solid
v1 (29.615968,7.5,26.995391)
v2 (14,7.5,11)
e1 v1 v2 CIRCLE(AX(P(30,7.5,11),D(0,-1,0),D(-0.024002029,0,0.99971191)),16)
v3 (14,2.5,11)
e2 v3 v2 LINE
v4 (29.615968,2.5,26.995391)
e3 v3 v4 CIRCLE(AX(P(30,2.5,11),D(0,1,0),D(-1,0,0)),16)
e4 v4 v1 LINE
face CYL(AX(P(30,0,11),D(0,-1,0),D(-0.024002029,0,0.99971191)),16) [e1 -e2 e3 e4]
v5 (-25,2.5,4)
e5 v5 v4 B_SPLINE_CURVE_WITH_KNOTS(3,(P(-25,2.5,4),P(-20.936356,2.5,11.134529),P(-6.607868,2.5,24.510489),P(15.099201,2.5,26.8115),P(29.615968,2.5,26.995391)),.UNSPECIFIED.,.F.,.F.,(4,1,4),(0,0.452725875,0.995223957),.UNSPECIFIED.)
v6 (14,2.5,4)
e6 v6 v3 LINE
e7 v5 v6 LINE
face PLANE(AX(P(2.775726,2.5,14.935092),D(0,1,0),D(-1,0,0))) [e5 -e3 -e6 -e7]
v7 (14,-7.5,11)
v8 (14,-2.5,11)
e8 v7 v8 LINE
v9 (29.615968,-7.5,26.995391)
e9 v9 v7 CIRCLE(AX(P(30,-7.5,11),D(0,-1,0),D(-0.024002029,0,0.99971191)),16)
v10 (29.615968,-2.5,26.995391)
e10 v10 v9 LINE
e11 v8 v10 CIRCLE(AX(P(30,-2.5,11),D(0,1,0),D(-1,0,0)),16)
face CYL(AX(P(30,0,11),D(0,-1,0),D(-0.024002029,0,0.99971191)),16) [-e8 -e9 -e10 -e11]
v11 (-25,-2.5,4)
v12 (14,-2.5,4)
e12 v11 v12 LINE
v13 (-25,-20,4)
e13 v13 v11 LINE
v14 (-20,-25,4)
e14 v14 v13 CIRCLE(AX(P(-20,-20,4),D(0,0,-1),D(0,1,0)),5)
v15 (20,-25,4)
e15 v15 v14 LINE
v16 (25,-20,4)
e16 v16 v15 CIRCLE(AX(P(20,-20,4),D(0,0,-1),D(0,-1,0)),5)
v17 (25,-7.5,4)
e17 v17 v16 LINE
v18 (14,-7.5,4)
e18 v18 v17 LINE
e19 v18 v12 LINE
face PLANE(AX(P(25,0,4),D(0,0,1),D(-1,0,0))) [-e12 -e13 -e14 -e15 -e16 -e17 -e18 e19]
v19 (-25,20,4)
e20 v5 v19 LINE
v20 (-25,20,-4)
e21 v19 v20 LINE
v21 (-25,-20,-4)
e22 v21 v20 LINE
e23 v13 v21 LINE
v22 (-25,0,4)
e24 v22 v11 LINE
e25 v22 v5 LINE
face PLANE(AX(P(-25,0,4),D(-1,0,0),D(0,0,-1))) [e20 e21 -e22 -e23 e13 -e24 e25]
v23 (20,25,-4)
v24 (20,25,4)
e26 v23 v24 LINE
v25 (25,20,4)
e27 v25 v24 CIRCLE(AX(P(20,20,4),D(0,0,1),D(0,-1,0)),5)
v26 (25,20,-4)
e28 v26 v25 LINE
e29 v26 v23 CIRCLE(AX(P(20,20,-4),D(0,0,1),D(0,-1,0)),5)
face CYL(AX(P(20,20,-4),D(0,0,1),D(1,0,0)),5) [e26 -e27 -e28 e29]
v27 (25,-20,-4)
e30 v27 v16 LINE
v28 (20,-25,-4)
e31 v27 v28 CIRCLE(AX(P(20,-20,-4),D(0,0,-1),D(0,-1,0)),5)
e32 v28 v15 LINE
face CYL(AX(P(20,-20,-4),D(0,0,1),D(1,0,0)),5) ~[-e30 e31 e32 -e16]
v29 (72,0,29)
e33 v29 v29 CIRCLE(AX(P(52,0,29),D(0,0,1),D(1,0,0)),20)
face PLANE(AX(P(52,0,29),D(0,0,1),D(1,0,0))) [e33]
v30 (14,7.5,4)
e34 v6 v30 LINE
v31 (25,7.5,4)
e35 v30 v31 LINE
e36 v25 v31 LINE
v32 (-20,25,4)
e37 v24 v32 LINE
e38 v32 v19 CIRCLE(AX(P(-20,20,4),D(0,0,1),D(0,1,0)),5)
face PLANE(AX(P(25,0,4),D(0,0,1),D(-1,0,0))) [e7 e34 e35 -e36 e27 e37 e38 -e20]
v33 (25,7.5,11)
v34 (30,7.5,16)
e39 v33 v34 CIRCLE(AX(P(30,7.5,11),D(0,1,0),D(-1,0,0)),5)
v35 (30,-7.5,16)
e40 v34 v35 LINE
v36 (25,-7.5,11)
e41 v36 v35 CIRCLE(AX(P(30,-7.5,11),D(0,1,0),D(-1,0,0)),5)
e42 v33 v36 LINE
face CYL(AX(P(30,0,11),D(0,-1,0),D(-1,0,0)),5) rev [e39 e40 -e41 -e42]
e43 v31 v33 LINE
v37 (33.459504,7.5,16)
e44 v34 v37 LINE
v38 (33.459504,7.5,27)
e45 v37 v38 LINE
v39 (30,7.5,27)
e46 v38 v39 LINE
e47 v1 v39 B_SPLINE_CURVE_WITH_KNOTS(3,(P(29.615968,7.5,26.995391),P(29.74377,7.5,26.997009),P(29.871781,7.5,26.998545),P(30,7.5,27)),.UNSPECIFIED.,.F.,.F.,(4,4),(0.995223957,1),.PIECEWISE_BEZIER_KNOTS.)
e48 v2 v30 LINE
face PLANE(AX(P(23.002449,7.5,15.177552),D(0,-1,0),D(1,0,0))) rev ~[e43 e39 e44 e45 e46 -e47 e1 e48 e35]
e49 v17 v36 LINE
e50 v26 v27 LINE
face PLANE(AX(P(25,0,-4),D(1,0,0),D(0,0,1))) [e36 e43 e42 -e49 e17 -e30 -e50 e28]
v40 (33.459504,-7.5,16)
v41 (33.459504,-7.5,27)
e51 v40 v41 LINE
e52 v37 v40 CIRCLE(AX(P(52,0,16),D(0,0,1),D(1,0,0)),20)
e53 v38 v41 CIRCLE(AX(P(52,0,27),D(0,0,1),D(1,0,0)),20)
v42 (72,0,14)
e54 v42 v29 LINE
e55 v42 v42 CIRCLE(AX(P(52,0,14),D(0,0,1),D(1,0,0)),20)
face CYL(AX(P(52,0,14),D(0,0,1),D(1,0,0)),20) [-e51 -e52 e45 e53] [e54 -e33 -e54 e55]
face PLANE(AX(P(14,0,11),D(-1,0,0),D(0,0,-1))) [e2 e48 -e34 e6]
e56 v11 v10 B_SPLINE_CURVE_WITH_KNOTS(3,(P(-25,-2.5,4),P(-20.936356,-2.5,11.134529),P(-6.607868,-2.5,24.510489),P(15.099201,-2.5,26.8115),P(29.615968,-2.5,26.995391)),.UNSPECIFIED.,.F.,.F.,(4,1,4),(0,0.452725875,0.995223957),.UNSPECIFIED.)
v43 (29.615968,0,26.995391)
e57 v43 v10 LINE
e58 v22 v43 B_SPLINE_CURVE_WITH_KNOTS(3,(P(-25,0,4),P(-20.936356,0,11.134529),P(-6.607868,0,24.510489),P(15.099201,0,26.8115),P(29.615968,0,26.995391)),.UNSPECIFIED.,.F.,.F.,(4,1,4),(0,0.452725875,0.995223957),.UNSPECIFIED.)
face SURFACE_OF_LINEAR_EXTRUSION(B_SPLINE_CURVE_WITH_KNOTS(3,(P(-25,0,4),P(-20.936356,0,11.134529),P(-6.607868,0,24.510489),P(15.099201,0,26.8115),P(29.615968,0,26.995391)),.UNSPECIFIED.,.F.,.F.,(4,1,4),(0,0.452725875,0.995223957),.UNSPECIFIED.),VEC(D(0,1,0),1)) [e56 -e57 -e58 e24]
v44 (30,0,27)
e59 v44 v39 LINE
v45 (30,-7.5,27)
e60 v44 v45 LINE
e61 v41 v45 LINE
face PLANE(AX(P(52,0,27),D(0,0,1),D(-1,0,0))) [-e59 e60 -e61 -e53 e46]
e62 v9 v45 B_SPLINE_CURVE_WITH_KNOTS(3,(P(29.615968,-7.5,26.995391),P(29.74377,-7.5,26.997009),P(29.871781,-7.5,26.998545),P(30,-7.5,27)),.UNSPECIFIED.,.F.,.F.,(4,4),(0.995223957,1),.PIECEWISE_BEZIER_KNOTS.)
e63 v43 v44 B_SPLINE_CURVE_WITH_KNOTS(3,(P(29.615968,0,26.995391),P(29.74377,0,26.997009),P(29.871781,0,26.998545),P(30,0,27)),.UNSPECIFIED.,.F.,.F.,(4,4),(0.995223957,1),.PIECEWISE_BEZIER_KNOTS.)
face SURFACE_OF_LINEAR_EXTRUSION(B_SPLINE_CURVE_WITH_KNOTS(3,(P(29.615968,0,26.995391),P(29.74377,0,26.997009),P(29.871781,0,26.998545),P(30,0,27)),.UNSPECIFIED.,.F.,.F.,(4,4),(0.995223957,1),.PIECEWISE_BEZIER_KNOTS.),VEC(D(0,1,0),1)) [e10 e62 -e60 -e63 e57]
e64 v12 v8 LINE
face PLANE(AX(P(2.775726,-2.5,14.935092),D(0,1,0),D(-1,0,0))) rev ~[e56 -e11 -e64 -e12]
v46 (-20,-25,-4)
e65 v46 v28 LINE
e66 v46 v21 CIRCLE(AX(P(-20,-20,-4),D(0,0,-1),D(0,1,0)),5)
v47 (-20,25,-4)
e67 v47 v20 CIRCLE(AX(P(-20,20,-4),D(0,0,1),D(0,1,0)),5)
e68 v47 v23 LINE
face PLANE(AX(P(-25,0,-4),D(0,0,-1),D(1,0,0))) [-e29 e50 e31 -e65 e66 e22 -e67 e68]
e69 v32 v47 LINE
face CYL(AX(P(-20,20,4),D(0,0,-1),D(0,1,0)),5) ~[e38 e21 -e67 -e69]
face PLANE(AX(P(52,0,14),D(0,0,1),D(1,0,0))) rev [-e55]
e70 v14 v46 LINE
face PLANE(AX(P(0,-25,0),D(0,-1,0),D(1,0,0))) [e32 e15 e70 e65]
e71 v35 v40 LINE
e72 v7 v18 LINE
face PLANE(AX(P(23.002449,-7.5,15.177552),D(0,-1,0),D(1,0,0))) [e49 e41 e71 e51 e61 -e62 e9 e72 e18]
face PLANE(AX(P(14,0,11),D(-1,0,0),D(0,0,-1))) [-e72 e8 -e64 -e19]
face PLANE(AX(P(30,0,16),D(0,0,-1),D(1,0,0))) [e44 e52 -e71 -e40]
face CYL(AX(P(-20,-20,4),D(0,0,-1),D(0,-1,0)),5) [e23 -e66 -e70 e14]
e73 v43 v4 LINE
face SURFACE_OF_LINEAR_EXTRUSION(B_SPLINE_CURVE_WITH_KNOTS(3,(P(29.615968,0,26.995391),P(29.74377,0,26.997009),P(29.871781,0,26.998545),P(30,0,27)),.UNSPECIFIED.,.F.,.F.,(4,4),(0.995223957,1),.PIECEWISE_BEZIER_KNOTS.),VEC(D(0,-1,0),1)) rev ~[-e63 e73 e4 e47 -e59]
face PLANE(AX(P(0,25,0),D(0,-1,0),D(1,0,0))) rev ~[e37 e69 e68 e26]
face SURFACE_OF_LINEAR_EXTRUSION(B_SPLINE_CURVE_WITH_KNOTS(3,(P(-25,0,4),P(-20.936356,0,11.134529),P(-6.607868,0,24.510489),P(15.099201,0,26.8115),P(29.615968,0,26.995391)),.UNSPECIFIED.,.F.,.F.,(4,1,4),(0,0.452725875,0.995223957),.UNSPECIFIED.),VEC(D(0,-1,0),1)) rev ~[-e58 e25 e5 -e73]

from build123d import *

# Parameters (mm, degrees)
F1_DEPTH = 25
F0_W     = 20
F0_H     = 11
F2_DEPTH = 7.5
F3_DEPTH = 2.5
F5_R     = 5


with BuildPart() as f1:
    # F0 (on Front) → F1 (new body, symmetric)
    with BuildSketch(Plane.XZ):
        Polygon((-25, -4), (25, -4), (25, 4), (14, 4), (-25, 4), align=None)
    extrude(amount=F1_DEPTH, both=True)

    # F0 (on Front) → F2 (join, symmetric)
    with BuildSketch(Plane.XZ):
        with BuildLine():
            Line((14, 4), (25, 4))
            Line((25, 4), (25, 11))
            ThreePointArc((25, 11), (26.4644660941, 14.5355339059), (30, 16))
            Line((30, 16), (32, 16))
            Line((32, 16), (32, 27))
            Line((32, 27), (30, 27))
            add(Edge.make_bspline(
                [(29.6159675373, 26.9953905569), (29.7437702017, 26.9970094957), (29.8717809107, 26.9985454717), (30, 27)],
                knots=[0.995223957, 0.995223957, 0.995223957, 0.995223957, 1, 1, 1, 1], degree=3))
            ThreePointArc((29.6159675373, 26.9953905569), (18.5513206132, 22.1771078682), (14, 11))
            Line((14, 11), (14, 4))
        make_face()
        with Locations((42, 21.5)):
            Rectangle(F0_W, F0_H)
    extrude(amount=F2_DEPTH, both=True)

    # F0 (on Front) → F3 (join, symmetric)
    with BuildSketch(Plane.XZ):
        with BuildLine():
            add(Edge.make_bspline(
                [(-25, 4), (-20.9363555228, 11.1345288275), (-6.6078681518, 24.5104887957), (15.0992011527, 26.8114995805), (29.6159675373, 26.9953905569)],
                knots=[0, 0, 0, 0, 0.4527258751, 0.995223957, 0.995223957, 0.995223957, 0.995223957], degree=3))
            Line((-25, 4), (14, 4))
            Line((14, 4), (14, 11))
            ThreePointArc((14, 11), (18.5513206132, 22.1771078682), (29.6159675373, 26.9953905569))
        make_face()
    extrude(amount=F3_DEPTH, both=True)

    # F0 (on Front) → F4 (revolve)
    with BuildSketch(Plane.XZ):
        Polygon((52, 27), (52, 16), (52, 14), (72, 14), (72, 29), (52, 29), align=None)
    revolve(axis=Axis((52, 0, 21.5), (0, 0, 1)))

    # F5
    f5_edges = [f1.edges().sort_by_distance(p)[0] for p in [
        (25, 25, 0),
        (-25, 25, 0),
        (-25, -25, 0),
        (25, -25, 0),
    ]]
    fillet(f5_edges, radius=F5_R)


solid = f1.part
